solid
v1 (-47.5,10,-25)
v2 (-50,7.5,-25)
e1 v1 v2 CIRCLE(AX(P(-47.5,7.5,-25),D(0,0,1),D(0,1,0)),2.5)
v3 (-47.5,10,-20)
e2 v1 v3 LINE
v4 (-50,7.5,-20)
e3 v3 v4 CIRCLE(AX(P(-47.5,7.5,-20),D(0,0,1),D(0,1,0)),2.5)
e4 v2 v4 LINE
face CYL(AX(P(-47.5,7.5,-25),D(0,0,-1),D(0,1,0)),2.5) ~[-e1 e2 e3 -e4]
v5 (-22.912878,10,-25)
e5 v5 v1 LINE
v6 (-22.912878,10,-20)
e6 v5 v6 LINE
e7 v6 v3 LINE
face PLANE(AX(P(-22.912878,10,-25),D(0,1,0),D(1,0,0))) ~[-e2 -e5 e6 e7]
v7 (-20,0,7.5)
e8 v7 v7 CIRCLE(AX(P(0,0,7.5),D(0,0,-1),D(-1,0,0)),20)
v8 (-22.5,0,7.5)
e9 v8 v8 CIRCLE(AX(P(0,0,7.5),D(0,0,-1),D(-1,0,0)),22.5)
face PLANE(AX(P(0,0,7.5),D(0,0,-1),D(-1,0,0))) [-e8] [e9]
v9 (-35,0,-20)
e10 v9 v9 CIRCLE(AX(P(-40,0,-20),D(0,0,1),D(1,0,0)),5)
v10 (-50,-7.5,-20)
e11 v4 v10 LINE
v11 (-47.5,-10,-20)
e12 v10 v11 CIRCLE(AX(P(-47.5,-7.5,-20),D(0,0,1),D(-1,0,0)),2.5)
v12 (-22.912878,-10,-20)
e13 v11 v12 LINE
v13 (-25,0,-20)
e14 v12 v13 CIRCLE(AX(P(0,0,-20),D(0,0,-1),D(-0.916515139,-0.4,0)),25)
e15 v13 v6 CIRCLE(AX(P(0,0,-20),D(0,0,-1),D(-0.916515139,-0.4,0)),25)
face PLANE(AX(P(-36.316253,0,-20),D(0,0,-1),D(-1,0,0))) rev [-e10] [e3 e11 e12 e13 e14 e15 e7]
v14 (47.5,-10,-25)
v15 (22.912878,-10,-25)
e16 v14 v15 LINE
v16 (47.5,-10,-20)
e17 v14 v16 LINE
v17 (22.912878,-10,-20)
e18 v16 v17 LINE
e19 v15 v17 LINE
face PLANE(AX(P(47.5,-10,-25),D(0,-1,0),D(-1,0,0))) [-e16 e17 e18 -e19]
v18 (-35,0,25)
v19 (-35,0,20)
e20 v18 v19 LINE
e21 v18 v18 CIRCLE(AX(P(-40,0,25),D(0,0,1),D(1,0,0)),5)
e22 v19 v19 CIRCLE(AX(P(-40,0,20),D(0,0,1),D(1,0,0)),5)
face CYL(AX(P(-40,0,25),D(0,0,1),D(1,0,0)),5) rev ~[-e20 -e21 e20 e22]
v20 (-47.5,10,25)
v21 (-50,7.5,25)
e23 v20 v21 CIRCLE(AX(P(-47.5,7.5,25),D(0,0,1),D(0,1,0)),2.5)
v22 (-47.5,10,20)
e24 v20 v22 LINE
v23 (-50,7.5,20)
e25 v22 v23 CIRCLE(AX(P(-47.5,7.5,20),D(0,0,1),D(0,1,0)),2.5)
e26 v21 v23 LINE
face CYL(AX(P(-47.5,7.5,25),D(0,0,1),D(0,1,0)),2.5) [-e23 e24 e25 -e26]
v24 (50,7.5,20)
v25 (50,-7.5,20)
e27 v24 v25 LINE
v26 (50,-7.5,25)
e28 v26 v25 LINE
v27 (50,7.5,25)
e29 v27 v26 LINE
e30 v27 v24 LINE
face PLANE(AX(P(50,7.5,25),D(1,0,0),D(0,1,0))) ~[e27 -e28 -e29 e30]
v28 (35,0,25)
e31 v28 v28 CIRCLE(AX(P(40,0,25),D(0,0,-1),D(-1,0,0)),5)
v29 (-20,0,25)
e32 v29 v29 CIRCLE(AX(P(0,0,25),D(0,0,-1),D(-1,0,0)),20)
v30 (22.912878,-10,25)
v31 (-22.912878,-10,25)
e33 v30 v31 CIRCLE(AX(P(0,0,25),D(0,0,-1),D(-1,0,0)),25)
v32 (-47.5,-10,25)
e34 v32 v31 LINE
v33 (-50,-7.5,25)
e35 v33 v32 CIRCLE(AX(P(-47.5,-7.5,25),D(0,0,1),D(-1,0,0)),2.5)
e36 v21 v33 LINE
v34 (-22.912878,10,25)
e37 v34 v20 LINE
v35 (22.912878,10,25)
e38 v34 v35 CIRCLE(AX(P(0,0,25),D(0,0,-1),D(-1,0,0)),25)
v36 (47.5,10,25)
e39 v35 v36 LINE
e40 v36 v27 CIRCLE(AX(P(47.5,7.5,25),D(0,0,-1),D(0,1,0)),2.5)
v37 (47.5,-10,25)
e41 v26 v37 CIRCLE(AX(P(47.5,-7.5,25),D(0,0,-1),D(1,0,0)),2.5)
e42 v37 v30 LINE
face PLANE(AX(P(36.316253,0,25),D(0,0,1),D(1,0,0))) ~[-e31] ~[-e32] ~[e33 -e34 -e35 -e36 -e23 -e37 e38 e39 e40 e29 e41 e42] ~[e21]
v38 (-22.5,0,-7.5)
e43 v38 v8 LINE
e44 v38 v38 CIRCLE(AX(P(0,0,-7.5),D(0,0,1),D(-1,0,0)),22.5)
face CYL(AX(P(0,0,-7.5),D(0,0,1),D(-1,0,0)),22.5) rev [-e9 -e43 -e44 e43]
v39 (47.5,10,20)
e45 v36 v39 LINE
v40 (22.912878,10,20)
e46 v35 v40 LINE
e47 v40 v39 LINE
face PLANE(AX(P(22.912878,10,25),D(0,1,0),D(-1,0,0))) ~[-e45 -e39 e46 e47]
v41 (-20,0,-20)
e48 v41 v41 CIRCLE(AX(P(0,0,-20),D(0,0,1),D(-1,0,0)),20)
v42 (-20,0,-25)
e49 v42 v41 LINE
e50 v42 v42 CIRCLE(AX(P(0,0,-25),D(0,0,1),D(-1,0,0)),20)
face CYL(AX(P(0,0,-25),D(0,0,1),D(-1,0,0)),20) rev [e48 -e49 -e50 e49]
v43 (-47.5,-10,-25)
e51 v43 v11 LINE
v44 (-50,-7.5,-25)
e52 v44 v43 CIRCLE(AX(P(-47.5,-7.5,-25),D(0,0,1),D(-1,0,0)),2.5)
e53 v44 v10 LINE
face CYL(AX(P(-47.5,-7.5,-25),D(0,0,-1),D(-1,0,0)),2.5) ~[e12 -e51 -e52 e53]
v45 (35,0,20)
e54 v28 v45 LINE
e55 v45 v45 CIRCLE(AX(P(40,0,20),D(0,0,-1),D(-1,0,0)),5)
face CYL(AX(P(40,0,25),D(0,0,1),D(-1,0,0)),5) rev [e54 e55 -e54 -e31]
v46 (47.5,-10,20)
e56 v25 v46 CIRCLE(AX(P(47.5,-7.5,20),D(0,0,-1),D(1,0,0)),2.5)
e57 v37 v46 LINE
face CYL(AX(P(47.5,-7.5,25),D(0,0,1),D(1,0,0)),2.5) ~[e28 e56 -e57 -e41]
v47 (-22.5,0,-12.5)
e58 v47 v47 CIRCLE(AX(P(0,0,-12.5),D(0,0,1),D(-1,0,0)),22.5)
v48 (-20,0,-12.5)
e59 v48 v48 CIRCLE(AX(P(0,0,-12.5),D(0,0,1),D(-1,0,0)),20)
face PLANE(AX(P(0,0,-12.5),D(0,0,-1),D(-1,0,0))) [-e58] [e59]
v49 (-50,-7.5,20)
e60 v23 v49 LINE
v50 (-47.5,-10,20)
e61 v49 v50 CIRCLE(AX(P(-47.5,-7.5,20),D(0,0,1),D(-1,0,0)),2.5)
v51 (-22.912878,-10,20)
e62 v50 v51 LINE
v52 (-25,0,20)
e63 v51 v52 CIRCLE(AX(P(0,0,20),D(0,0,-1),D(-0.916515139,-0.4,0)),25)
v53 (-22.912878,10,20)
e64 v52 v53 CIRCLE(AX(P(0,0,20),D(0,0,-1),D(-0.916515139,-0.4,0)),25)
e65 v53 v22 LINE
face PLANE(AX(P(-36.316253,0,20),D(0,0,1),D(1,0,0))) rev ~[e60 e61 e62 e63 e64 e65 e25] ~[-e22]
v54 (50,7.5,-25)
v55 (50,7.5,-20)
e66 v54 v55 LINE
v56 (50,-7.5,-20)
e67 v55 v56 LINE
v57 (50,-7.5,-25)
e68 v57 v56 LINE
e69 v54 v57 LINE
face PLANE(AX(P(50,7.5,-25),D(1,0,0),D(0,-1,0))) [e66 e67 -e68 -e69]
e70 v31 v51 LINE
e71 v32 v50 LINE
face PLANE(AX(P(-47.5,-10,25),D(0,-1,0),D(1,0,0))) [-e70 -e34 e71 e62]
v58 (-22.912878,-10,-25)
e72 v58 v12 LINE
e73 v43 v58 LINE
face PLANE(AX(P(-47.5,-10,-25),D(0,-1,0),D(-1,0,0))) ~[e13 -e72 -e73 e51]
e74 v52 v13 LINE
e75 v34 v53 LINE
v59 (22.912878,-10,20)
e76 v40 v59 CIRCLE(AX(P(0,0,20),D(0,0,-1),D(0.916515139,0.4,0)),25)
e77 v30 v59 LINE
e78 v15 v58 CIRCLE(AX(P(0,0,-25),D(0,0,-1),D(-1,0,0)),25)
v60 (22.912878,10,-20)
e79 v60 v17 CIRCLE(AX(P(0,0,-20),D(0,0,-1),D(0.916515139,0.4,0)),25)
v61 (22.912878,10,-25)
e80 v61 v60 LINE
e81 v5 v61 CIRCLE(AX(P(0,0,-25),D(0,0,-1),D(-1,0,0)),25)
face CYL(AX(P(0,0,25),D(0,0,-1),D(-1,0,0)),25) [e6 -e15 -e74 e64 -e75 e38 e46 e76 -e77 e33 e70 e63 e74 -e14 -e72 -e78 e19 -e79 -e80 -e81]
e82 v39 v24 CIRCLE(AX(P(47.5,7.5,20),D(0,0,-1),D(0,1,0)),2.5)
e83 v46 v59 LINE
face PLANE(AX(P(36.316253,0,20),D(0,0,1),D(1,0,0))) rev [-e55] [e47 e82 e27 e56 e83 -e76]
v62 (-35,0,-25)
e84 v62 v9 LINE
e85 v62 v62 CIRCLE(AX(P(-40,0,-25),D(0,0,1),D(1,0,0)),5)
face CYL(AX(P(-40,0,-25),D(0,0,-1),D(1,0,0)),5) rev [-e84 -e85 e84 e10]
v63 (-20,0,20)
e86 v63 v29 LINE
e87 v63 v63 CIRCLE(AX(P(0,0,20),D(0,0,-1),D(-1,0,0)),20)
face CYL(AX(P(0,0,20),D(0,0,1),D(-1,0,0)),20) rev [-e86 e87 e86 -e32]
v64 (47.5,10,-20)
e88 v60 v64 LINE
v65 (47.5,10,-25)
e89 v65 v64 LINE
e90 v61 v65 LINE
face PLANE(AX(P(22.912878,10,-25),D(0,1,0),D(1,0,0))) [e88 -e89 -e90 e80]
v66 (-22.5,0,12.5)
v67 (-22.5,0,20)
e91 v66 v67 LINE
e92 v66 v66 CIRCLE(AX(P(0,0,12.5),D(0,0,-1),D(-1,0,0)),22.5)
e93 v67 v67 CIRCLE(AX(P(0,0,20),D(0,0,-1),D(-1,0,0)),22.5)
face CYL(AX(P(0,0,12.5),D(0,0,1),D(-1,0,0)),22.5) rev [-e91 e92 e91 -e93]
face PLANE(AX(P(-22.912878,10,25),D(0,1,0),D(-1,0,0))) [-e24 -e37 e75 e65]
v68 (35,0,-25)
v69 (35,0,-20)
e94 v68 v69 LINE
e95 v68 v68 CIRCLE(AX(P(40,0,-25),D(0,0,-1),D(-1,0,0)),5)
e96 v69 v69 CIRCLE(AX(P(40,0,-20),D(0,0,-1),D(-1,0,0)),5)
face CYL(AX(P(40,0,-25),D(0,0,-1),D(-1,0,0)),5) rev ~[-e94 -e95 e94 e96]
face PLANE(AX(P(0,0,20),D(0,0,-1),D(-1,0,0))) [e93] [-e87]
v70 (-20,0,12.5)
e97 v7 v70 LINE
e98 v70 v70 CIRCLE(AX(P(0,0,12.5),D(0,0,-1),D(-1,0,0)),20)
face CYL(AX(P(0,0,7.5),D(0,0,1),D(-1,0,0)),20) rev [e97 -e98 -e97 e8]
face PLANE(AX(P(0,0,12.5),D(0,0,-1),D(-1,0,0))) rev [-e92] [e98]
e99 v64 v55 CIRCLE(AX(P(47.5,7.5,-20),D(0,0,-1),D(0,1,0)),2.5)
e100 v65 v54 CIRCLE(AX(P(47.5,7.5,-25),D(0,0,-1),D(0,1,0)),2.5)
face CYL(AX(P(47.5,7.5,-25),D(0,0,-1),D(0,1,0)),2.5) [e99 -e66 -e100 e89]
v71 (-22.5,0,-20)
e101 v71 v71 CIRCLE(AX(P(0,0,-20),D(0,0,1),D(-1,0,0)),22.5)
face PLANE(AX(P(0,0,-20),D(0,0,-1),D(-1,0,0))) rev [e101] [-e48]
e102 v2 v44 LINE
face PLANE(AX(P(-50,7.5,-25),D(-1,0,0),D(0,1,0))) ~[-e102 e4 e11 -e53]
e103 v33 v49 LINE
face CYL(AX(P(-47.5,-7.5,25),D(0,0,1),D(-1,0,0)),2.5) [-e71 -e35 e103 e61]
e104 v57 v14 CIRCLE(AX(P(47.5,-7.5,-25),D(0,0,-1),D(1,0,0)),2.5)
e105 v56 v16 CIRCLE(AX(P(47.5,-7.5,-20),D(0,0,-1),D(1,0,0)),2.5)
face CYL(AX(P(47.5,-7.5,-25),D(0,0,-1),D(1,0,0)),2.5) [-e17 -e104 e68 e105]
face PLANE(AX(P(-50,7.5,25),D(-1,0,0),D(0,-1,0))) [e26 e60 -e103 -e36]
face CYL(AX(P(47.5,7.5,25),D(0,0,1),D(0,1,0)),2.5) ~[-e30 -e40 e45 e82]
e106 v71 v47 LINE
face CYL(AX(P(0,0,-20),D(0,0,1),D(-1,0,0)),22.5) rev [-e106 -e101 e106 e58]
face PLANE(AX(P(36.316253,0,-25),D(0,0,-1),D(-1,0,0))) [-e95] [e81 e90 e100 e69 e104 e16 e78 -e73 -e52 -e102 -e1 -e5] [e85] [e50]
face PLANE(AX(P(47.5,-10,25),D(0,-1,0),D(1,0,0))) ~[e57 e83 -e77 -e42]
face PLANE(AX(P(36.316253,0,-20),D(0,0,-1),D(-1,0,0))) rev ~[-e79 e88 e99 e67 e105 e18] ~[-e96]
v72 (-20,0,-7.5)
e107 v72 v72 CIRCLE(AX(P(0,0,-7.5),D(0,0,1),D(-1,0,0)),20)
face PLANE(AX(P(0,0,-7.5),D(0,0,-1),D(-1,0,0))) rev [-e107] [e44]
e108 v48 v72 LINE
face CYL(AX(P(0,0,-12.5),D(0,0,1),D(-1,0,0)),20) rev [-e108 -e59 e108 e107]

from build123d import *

# Parameters (mm, degrees)
F2_R     = 5
F3_DEPTH = 5


with BuildPart() as f1:
    # F0 (on Front) → F1 (revolve)
    with BuildSketch(Plane.XZ):
        Polygon((-25, 25), (-25, 0), (-22.5, 0), (-22.5, 7.5), (-20, 7.5), (-20, 12.5), (-22.5, 12.5), (-22.5, 20), (-20, 20), (-20, 25), align=None)
        Polygon((-22.5, 0), (-25, 0), (-25, -25), (-20, -25), (-20, -20), (-22.5, -20), (-22.5, -12.5), (-20, -12.5), (-20, -7.5), (-22.5, -7.5), align=None)
    revolve(axis=Axis((0, 0, 7.500000298), (0, 0, -1)))

    # F2 (on face) → F3 (join)
    with BuildSketch(Plane.XY.offset(25)):
        with BuildLine():
            ThreePointArc((-22.9128784748, -10), (-25, 0), (-22.9128784748, 10))
            Line((-22.9128784748, 10), (-47.5, 10))
            ThreePointArc((-47.5, 10), (-49.267766953, 9.267766953), (-50, 7.5))
            Line((-50, 7.5), (-50, 0))
            Line((-50, 0), (-50, -7.5))
            ThreePointArc((-50, -7.5), (-49.267766953, -9.267766953), (-47.5, -10))
            Line((-47.5, -10), (-22.9128784748, -10))
        make_face()
        with Locations((-40, 0)):
            Circle(F2_R, mode=Mode.SUBTRACT)
    extrude(amount=-F3_DEPTH)

    # F4: F1 across plane


with BuildPart() as f1_1:
    add(f1.part)
    add(f1.part.mirror(Plane.YZ))

    # F5: F1 across plane


with BuildPart() as f1_2:
    add(f1_1.part)
    add(f1_1.part.mirror(Plane.XY))


solid = f1_2.part
